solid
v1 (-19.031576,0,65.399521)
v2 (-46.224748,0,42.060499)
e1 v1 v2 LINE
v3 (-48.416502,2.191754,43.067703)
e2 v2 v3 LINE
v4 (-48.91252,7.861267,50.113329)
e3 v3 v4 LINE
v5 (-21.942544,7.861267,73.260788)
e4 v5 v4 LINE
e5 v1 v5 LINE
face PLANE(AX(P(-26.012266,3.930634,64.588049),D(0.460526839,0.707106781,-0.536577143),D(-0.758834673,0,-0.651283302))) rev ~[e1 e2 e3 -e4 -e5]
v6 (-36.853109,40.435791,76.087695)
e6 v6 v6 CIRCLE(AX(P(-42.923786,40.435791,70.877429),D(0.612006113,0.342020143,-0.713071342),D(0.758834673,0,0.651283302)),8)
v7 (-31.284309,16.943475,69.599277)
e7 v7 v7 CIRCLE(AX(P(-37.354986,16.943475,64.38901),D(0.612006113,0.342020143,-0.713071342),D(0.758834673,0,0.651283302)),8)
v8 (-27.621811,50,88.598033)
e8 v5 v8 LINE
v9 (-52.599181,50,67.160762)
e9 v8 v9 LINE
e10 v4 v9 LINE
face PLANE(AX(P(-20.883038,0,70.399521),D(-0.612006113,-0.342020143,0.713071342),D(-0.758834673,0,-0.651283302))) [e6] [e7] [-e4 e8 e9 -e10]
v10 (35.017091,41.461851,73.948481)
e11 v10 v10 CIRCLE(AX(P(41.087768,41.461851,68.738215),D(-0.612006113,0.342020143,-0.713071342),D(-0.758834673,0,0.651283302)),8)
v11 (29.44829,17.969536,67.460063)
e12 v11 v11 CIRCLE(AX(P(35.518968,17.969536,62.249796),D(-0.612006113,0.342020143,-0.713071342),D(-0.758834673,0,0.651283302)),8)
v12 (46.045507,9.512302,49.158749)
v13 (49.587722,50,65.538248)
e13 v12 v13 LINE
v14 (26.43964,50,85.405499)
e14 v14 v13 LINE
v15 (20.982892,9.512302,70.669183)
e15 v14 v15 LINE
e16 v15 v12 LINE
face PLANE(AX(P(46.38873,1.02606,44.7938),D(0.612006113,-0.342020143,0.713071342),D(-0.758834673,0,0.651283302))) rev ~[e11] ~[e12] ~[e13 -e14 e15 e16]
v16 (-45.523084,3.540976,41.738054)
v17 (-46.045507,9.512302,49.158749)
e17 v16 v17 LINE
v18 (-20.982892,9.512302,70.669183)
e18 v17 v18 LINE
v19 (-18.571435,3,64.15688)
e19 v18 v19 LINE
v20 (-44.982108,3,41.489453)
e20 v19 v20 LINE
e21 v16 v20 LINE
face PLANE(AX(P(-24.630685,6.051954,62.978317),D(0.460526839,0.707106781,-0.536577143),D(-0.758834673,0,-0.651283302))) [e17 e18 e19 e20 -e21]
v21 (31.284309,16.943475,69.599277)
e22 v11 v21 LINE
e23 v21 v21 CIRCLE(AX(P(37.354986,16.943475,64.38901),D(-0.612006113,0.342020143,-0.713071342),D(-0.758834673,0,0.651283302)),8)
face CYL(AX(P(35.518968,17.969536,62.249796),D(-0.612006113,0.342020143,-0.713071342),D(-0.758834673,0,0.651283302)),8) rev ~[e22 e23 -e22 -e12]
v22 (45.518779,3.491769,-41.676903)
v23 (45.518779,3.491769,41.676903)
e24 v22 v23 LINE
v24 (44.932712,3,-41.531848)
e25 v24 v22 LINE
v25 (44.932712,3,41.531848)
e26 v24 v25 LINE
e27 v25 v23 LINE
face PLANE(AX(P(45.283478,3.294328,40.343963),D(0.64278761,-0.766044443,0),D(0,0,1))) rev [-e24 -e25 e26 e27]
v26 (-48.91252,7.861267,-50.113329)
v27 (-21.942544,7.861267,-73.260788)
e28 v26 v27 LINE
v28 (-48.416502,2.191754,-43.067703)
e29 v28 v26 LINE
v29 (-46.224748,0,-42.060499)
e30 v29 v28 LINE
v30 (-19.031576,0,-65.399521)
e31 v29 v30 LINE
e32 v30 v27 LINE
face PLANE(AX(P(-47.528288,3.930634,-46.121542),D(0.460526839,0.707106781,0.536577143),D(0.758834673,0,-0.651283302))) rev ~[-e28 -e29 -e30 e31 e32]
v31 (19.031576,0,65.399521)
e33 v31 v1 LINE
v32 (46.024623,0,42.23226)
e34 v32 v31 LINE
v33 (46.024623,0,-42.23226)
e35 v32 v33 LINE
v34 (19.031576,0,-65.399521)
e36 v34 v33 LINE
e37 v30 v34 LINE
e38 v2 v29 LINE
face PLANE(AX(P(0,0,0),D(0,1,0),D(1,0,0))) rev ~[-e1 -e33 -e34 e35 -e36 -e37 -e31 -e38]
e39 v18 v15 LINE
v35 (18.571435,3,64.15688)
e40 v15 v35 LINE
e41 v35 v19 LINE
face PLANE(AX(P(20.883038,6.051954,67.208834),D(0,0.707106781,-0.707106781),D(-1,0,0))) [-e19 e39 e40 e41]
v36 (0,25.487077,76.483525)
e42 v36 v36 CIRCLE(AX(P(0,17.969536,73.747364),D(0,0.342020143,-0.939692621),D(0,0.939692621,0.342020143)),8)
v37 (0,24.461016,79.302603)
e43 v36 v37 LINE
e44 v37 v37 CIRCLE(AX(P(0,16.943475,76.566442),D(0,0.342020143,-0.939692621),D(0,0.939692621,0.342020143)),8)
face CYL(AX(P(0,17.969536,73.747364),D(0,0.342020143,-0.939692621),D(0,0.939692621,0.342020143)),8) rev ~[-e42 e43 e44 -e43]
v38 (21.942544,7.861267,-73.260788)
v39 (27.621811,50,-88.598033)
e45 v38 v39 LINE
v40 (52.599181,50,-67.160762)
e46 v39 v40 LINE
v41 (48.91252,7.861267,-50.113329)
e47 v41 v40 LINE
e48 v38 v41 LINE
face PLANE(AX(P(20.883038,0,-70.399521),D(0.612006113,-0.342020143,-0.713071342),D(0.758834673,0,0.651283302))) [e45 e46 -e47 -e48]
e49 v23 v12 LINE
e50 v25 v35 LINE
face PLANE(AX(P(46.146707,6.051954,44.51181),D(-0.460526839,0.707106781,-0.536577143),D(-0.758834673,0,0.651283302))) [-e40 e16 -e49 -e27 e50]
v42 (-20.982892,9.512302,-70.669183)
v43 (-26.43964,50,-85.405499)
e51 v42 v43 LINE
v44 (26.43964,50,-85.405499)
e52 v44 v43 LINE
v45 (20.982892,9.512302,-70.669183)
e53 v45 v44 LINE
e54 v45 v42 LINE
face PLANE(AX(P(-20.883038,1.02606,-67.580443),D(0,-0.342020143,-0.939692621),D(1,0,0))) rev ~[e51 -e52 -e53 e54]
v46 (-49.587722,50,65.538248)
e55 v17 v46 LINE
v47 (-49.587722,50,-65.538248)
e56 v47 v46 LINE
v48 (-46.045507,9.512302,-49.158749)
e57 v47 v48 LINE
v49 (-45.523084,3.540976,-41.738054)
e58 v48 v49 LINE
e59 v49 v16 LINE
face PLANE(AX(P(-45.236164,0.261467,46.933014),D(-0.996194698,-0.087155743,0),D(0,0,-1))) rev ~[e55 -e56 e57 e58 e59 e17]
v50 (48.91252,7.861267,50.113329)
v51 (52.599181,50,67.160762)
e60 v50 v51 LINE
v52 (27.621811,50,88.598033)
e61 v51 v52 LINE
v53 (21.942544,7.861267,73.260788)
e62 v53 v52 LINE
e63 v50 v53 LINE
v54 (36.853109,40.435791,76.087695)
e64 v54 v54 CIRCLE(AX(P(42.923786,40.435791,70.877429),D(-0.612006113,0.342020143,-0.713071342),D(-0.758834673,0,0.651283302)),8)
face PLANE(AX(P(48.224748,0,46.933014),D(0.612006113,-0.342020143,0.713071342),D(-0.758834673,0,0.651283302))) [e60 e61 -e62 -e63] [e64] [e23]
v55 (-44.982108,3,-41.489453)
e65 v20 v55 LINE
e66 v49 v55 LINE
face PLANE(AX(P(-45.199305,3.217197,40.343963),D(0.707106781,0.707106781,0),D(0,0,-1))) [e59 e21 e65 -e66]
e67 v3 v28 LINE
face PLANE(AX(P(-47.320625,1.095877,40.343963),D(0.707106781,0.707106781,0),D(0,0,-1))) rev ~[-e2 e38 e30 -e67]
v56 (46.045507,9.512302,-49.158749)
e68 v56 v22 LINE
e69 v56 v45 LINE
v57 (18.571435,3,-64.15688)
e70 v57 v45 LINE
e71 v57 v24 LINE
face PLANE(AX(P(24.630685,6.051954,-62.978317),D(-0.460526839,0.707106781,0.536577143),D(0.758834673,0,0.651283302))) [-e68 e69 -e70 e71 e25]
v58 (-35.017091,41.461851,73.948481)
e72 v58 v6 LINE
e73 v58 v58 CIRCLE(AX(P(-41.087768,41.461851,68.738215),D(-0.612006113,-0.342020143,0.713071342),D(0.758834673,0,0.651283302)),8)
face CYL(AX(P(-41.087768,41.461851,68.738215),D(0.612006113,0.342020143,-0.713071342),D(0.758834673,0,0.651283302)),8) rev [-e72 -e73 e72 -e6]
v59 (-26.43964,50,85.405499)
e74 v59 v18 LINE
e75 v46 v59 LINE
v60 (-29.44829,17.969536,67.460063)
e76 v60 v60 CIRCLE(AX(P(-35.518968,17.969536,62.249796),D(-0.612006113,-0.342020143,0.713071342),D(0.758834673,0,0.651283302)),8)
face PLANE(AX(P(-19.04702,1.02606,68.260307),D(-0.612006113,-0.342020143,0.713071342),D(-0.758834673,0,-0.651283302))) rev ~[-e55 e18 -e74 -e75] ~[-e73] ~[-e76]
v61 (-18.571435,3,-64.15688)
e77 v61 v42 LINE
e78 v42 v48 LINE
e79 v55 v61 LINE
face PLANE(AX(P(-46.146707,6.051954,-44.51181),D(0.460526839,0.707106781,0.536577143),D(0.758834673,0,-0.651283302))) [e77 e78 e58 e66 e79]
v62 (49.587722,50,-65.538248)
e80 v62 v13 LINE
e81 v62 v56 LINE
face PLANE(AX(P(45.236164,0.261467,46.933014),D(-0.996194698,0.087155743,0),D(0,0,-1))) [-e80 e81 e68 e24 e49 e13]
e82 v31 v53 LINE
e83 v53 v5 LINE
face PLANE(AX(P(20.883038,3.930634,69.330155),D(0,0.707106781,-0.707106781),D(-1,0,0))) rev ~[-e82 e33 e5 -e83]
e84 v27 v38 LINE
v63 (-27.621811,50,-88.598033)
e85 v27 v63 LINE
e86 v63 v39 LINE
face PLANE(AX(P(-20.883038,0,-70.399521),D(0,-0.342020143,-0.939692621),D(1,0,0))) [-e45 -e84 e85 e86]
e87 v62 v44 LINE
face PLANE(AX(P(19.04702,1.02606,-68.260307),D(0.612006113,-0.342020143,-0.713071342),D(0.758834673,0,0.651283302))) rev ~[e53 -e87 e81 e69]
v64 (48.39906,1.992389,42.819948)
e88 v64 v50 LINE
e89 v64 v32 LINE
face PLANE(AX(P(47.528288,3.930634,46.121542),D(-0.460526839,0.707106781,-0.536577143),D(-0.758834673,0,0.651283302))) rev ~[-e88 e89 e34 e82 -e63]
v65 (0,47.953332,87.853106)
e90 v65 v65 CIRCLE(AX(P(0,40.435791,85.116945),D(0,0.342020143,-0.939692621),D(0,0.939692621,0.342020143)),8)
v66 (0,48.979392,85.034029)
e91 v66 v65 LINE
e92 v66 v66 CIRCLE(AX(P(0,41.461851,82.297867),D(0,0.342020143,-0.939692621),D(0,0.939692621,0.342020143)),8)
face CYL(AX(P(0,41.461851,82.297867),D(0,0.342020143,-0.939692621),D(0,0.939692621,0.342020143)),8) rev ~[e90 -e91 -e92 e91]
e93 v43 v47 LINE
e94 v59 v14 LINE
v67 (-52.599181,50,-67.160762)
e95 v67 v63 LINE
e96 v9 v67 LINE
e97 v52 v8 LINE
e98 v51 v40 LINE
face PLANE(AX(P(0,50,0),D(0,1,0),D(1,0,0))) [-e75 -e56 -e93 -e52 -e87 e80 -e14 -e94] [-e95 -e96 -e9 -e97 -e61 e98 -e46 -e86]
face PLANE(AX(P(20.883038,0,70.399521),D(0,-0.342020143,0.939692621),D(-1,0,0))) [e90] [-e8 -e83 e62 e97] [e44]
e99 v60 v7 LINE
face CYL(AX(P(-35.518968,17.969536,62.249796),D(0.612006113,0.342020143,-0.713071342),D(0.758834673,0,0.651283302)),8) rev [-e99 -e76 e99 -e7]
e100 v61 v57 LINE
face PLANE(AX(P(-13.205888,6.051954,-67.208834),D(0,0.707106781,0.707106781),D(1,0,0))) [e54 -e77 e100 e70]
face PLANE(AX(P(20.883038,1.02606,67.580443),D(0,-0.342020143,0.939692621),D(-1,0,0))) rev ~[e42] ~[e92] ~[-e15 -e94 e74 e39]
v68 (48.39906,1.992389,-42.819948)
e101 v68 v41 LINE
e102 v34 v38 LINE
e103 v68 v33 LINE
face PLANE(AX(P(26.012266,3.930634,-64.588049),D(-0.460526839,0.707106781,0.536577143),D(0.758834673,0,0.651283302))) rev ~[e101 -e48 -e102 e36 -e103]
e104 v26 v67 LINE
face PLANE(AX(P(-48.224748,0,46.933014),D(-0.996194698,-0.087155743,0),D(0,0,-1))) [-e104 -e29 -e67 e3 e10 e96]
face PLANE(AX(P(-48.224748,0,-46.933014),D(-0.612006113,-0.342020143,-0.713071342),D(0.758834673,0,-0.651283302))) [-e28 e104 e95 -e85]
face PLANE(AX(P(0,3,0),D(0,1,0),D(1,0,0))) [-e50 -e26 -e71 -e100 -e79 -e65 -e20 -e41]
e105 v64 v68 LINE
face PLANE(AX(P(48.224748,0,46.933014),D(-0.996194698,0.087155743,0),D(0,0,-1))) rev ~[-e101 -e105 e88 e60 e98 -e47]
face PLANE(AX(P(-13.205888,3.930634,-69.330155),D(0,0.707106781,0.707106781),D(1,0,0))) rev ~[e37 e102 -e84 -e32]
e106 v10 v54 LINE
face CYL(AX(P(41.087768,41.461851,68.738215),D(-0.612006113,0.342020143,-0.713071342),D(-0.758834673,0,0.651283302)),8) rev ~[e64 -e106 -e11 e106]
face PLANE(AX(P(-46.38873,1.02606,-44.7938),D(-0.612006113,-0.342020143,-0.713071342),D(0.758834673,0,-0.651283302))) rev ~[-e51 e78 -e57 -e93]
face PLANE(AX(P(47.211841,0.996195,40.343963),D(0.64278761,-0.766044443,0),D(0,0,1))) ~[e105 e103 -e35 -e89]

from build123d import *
from OCP.BRepFilletAPI import BRepFilletAPI_MakeChamfer

# Parameters (mm, degrees)
SKETCH1_W             = 96.449496644
SKETCH1_H             = 93.866027984
BOSS_EXTRUDE1_DEPTH   = 50
DRAFT1_ANGLE          = 20
DRAFT2_ANGLE          = 5
CHAMFER1_SIZE         = 5
CHAMFER1_SIZE2        = 8.365785926
CHAMFER1_EDGE_2_SIZE  = 5
CHAMFER1_EDGE_2_SIZE2 = 8.365785926
CHAMFER1_EDGE_3_SIZE  = 5
CHAMFER1_EDGE_3_SIZE2 = 8.365785926
CHAMFER1_EDGE_4_SIZE  = 5
CHAMFER1_EDGE_4_SIZE2 = 8.365785926
CHAMFER1_EDGE_5_SIZE  = 5
CHAMFER1_EDGE_5_SIZE2 = 8.365785926
CHAMFER1_EDGE_6_SIZE  = 5
CHAMFER1_EDGE_6_SIZE2 = 8.365785926
CHAMFER2_SIZE         = 2
CHAMFER2_SIZE2        = 2.200125735
SHELL1_T              = -3
SKETCH2_R             = 8
CUT_EXTRUDE1_DEPTH    = 174.798113009
SKETCH3_R             = 8
CUT_EXTRUDE2_DEPTH    = 173.570101234


with BuildPart() as part:
    # Sketch1 → Boss-Extrude1 (new body)
    with BuildSketch(Plane(origin=(0, 0, 0), x_dir=(1, 0, 0), z_dir=(0, 1, 0))):
        Rectangle(SKETCH1_W, SKETCH1_H)
        Polygon((20.883038336, 70.399520989), (48.224748322, 46.933013992), (-48.224748322, 46.933013992), (-20.883038336, 70.399520989), align=None)
        Polygon((-48.224748322, -46.933013992), (48.224748322, -46.933013992), (20.883038336, -70.399520989), (-20.883038336, -70.399520989), align=None)
    extrude(amount=BOSS_EXTRUDE1_DEPTH)

    # Draft1
    draft1_faces = [part.faces().sort_by_distance(p)[0] for p in [
        (-34.553893329, 25, 58.66626749),
        (-34.553893329, 25, -58.66626749),
        (0, 25, -70.399520989),
        (34.553893329, 25, -58.66626749),
        (34.553893329, 25, 58.66626749),
        (0, 25, 70.399520989),
    ]]
    draft(draft1_faces, Plane(origin=(0, 0, 0), x_dir=(0, 0, -1), z_dir=(0, -1, 0)), DRAFT1_ANGLE)

    # Draft2
    draft2_faces = [part.faces().sort_by_distance(p)[0] for p in [
        (48.224748322, 26.695838409, 0),
        (-48.224748322, 26.695838409, 0),
    ]]
    draft(draft2_faces, Plane(origin=(0, 0, 0), x_dir=(0, 0, -1), z_dir=(0, -1, 0)), DRAFT2_ANGLE)

    # Chamfer1
    chamfer1_edges = [part.edges().sort_by_distance(p)[0] for p in [
        (0, 0, 70.399520989),
    ]]
    chamfer1_side = [part.faces().sort_by_distance(p)[0] for p in [
        (0, 0, 0),
    ]]
    chamfer(chamfer1_edges, length=CHAMFER1_SIZE, length2=CHAMFER1_SIZE2, reference=chamfer1_side[0])

    # Chamfer1 edge 2
    chamfer1_edge_2_edges = [part.edges().sort_by_distance(p)[0] for p in [
        (-34.553893329, 0, 58.66626749),
    ]]
    chamfer1_edge_2_side = [part.faces().sort_by_distance(p)[0] for p in [
        (0, 0, 0),
    ]]
    chamfer(chamfer1_edge_2_edges, length=CHAMFER1_EDGE_2_SIZE, length2=CHAMFER1_EDGE_2_SIZE2, reference=chamfer1_edge_2_side[0])

    # Chamfer1 edge 3
    chamfer1_edge_3_edges = [part.edges().sort_by_distance(p)[0] for p in [
        (-34.553893329, 0, -58.66626749),
    ]]
    chamfer1_edge_3_side = [part.faces().sort_by_distance(p)[0] for p in [
        (0, 0, 0),
    ]]
    chamfer(chamfer1_edge_3_edges, length=CHAMFER1_EDGE_3_SIZE, length2=CHAMFER1_EDGE_3_SIZE2, reference=chamfer1_edge_3_side[0])

    # Chamfer1 edge 4
    chamfer1_edge_4_edges = [part.edges().sort_by_distance(p)[0] for p in [
        (0, 0, -70.399520989),
    ]]
    chamfer1_edge_4_side = [part.faces().sort_by_distance(p)[0] for p in [
        (0, 0, 0),
    ]]
    chamfer(chamfer1_edge_4_edges, length=CHAMFER1_EDGE_4_SIZE, length2=CHAMFER1_EDGE_4_SIZE2, reference=chamfer1_edge_4_side[0])

    # Chamfer1 edge 5
    chamfer1_edge_5_edges = [part.edges().sort_by_distance(p)[0] for p in [
        (34.553893329, 0, -58.66626749),
    ]]
    chamfer1_edge_5_side = [part.faces().sort_by_distance(p)[0] for p in [
        (0, 0, 0),
    ]]
    chamfer(chamfer1_edge_5_edges, length=CHAMFER1_EDGE_5_SIZE, length2=CHAMFER1_EDGE_5_SIZE2, reference=chamfer1_edge_5_side[0])

    # Chamfer1 edge 6
    chamfer1_edge_6_edges = [part.edges().sort_by_distance(p)[0] for p in [
        (34.553893329, 0, 58.66626749),
    ]]
    chamfer1_edge_6_side = [part.faces().sort_by_distance(p)[0] for p in [
        (0, 0, 0),
    ]]
    chamfer(chamfer1_edge_6_edges, length=CHAMFER1_EDGE_6_SIZE, length2=CHAMFER1_EDGE_6_SIZE2, reference=chamfer1_edge_6_side[0])

    # Chamfer2: one chamfer whose edges measure the first distance from different faces: ONE call of the kernel's chamfer builder (chamfer() names one face for all edges)
    chamfer2_edges_1 = [part.edges().sort_by_distance(p)[0] for p in [
        (48.224748322, 0, 0),
    ]]
    chamfer2_side_1 = [part.faces().sort_by_distance(p)[0] for p in [
        (50.560348002, 26.696026495, 0),
    ]]
    chamfer2_edges_2 = [part.edges().sort_by_distance(p)[0] for p in [
        (-48.224748322, 0, 0),
    ]]
    chamfer2_side_2 = [part.faces().sort_by_distance(p)[0] for p in [
        (0, 0, 0),
    ]]
    chamfer2 = BRepFilletAPI_MakeChamfer(part.part.solid().wrapped)
    for e in chamfer2_edges_1:
        chamfer2.Add(CHAMFER2_SIZE, CHAMFER2_SIZE2, e.wrapped, chamfer2_side_1[0].wrapped)  # the first distance lies on this face
    for e in chamfer2_edges_2:
        chamfer2.Add(CHAMFER2_SIZE, CHAMFER2_SIZE2, e.wrapped, chamfer2_side_2[0].wrapped)  # the first distance lies on this face
    add(Compound.cast(chamfer2.Shape()), mode=Mode.REPLACE)

    # Shell1
    shell1_openings = [part.faces().sort_by_distance(p)[0] for p in [
        (0, 50, 0),
    ]]
    offset(amount=SHELL1_T, openings=shell1_openings, kind=Kind.INTERSECTION)

    # Sketch2 → Cut-Extrude1 (cut, through all)
    with BuildSketch(Plane(origin=(36.708388619, -20.5145146, 42.770324355), x_dir=(-0.7908530317789993, -0.26467423150818037, 0.5518143105262125), z_dir=(-0.6120061128174825, 0.3420201433256695, -0.7130713424570668))):
        with Locations(Location((-5.537538823, 67.111220428, 0), (0, 0, 16.359329629))):
            Circle(SKETCH2_R)
        with Locations(Location((1.503972029, 43.123366733, 0), (0, 0, 16.359329629))):
            Circle(SKETCH2_R)
    cut_extrude1 = extrude(amount=-CUT_EXTRUDE1_DEPTH, mode=Mode.SUBTRACT)

    # Sketch3 → Cut-Extrude2 (cut, through all)
    with BuildSketch(Plane(origin=(0, -21.59990948, 59.345263558), x_dir=(-1, 0, 0), z_dir=(0, 0.34202014332566943, -0.9396926207859082))):
        with Locations(Location((0, 67.108924172, 0), (0, 0, 90))):
            Circle(SKETCH3_R)
        with Locations(Location((0, 42.108924172, 0), (0, 0, 90))):
            Circle(SKETCH3_R)
    extrude(amount=-CUT_EXTRUDE2_DEPTH, mode=Mode.SUBTRACT)

    # Mirror1: Cut-Extrude1 across plane
    add(cut_extrude1.mirror(Plane(origin=(0, 0, 0), x_dir=(0, 0, 1), z_dir=(1, 0, 0))), mode=Mode.SUBTRACT)


solid = part.part
